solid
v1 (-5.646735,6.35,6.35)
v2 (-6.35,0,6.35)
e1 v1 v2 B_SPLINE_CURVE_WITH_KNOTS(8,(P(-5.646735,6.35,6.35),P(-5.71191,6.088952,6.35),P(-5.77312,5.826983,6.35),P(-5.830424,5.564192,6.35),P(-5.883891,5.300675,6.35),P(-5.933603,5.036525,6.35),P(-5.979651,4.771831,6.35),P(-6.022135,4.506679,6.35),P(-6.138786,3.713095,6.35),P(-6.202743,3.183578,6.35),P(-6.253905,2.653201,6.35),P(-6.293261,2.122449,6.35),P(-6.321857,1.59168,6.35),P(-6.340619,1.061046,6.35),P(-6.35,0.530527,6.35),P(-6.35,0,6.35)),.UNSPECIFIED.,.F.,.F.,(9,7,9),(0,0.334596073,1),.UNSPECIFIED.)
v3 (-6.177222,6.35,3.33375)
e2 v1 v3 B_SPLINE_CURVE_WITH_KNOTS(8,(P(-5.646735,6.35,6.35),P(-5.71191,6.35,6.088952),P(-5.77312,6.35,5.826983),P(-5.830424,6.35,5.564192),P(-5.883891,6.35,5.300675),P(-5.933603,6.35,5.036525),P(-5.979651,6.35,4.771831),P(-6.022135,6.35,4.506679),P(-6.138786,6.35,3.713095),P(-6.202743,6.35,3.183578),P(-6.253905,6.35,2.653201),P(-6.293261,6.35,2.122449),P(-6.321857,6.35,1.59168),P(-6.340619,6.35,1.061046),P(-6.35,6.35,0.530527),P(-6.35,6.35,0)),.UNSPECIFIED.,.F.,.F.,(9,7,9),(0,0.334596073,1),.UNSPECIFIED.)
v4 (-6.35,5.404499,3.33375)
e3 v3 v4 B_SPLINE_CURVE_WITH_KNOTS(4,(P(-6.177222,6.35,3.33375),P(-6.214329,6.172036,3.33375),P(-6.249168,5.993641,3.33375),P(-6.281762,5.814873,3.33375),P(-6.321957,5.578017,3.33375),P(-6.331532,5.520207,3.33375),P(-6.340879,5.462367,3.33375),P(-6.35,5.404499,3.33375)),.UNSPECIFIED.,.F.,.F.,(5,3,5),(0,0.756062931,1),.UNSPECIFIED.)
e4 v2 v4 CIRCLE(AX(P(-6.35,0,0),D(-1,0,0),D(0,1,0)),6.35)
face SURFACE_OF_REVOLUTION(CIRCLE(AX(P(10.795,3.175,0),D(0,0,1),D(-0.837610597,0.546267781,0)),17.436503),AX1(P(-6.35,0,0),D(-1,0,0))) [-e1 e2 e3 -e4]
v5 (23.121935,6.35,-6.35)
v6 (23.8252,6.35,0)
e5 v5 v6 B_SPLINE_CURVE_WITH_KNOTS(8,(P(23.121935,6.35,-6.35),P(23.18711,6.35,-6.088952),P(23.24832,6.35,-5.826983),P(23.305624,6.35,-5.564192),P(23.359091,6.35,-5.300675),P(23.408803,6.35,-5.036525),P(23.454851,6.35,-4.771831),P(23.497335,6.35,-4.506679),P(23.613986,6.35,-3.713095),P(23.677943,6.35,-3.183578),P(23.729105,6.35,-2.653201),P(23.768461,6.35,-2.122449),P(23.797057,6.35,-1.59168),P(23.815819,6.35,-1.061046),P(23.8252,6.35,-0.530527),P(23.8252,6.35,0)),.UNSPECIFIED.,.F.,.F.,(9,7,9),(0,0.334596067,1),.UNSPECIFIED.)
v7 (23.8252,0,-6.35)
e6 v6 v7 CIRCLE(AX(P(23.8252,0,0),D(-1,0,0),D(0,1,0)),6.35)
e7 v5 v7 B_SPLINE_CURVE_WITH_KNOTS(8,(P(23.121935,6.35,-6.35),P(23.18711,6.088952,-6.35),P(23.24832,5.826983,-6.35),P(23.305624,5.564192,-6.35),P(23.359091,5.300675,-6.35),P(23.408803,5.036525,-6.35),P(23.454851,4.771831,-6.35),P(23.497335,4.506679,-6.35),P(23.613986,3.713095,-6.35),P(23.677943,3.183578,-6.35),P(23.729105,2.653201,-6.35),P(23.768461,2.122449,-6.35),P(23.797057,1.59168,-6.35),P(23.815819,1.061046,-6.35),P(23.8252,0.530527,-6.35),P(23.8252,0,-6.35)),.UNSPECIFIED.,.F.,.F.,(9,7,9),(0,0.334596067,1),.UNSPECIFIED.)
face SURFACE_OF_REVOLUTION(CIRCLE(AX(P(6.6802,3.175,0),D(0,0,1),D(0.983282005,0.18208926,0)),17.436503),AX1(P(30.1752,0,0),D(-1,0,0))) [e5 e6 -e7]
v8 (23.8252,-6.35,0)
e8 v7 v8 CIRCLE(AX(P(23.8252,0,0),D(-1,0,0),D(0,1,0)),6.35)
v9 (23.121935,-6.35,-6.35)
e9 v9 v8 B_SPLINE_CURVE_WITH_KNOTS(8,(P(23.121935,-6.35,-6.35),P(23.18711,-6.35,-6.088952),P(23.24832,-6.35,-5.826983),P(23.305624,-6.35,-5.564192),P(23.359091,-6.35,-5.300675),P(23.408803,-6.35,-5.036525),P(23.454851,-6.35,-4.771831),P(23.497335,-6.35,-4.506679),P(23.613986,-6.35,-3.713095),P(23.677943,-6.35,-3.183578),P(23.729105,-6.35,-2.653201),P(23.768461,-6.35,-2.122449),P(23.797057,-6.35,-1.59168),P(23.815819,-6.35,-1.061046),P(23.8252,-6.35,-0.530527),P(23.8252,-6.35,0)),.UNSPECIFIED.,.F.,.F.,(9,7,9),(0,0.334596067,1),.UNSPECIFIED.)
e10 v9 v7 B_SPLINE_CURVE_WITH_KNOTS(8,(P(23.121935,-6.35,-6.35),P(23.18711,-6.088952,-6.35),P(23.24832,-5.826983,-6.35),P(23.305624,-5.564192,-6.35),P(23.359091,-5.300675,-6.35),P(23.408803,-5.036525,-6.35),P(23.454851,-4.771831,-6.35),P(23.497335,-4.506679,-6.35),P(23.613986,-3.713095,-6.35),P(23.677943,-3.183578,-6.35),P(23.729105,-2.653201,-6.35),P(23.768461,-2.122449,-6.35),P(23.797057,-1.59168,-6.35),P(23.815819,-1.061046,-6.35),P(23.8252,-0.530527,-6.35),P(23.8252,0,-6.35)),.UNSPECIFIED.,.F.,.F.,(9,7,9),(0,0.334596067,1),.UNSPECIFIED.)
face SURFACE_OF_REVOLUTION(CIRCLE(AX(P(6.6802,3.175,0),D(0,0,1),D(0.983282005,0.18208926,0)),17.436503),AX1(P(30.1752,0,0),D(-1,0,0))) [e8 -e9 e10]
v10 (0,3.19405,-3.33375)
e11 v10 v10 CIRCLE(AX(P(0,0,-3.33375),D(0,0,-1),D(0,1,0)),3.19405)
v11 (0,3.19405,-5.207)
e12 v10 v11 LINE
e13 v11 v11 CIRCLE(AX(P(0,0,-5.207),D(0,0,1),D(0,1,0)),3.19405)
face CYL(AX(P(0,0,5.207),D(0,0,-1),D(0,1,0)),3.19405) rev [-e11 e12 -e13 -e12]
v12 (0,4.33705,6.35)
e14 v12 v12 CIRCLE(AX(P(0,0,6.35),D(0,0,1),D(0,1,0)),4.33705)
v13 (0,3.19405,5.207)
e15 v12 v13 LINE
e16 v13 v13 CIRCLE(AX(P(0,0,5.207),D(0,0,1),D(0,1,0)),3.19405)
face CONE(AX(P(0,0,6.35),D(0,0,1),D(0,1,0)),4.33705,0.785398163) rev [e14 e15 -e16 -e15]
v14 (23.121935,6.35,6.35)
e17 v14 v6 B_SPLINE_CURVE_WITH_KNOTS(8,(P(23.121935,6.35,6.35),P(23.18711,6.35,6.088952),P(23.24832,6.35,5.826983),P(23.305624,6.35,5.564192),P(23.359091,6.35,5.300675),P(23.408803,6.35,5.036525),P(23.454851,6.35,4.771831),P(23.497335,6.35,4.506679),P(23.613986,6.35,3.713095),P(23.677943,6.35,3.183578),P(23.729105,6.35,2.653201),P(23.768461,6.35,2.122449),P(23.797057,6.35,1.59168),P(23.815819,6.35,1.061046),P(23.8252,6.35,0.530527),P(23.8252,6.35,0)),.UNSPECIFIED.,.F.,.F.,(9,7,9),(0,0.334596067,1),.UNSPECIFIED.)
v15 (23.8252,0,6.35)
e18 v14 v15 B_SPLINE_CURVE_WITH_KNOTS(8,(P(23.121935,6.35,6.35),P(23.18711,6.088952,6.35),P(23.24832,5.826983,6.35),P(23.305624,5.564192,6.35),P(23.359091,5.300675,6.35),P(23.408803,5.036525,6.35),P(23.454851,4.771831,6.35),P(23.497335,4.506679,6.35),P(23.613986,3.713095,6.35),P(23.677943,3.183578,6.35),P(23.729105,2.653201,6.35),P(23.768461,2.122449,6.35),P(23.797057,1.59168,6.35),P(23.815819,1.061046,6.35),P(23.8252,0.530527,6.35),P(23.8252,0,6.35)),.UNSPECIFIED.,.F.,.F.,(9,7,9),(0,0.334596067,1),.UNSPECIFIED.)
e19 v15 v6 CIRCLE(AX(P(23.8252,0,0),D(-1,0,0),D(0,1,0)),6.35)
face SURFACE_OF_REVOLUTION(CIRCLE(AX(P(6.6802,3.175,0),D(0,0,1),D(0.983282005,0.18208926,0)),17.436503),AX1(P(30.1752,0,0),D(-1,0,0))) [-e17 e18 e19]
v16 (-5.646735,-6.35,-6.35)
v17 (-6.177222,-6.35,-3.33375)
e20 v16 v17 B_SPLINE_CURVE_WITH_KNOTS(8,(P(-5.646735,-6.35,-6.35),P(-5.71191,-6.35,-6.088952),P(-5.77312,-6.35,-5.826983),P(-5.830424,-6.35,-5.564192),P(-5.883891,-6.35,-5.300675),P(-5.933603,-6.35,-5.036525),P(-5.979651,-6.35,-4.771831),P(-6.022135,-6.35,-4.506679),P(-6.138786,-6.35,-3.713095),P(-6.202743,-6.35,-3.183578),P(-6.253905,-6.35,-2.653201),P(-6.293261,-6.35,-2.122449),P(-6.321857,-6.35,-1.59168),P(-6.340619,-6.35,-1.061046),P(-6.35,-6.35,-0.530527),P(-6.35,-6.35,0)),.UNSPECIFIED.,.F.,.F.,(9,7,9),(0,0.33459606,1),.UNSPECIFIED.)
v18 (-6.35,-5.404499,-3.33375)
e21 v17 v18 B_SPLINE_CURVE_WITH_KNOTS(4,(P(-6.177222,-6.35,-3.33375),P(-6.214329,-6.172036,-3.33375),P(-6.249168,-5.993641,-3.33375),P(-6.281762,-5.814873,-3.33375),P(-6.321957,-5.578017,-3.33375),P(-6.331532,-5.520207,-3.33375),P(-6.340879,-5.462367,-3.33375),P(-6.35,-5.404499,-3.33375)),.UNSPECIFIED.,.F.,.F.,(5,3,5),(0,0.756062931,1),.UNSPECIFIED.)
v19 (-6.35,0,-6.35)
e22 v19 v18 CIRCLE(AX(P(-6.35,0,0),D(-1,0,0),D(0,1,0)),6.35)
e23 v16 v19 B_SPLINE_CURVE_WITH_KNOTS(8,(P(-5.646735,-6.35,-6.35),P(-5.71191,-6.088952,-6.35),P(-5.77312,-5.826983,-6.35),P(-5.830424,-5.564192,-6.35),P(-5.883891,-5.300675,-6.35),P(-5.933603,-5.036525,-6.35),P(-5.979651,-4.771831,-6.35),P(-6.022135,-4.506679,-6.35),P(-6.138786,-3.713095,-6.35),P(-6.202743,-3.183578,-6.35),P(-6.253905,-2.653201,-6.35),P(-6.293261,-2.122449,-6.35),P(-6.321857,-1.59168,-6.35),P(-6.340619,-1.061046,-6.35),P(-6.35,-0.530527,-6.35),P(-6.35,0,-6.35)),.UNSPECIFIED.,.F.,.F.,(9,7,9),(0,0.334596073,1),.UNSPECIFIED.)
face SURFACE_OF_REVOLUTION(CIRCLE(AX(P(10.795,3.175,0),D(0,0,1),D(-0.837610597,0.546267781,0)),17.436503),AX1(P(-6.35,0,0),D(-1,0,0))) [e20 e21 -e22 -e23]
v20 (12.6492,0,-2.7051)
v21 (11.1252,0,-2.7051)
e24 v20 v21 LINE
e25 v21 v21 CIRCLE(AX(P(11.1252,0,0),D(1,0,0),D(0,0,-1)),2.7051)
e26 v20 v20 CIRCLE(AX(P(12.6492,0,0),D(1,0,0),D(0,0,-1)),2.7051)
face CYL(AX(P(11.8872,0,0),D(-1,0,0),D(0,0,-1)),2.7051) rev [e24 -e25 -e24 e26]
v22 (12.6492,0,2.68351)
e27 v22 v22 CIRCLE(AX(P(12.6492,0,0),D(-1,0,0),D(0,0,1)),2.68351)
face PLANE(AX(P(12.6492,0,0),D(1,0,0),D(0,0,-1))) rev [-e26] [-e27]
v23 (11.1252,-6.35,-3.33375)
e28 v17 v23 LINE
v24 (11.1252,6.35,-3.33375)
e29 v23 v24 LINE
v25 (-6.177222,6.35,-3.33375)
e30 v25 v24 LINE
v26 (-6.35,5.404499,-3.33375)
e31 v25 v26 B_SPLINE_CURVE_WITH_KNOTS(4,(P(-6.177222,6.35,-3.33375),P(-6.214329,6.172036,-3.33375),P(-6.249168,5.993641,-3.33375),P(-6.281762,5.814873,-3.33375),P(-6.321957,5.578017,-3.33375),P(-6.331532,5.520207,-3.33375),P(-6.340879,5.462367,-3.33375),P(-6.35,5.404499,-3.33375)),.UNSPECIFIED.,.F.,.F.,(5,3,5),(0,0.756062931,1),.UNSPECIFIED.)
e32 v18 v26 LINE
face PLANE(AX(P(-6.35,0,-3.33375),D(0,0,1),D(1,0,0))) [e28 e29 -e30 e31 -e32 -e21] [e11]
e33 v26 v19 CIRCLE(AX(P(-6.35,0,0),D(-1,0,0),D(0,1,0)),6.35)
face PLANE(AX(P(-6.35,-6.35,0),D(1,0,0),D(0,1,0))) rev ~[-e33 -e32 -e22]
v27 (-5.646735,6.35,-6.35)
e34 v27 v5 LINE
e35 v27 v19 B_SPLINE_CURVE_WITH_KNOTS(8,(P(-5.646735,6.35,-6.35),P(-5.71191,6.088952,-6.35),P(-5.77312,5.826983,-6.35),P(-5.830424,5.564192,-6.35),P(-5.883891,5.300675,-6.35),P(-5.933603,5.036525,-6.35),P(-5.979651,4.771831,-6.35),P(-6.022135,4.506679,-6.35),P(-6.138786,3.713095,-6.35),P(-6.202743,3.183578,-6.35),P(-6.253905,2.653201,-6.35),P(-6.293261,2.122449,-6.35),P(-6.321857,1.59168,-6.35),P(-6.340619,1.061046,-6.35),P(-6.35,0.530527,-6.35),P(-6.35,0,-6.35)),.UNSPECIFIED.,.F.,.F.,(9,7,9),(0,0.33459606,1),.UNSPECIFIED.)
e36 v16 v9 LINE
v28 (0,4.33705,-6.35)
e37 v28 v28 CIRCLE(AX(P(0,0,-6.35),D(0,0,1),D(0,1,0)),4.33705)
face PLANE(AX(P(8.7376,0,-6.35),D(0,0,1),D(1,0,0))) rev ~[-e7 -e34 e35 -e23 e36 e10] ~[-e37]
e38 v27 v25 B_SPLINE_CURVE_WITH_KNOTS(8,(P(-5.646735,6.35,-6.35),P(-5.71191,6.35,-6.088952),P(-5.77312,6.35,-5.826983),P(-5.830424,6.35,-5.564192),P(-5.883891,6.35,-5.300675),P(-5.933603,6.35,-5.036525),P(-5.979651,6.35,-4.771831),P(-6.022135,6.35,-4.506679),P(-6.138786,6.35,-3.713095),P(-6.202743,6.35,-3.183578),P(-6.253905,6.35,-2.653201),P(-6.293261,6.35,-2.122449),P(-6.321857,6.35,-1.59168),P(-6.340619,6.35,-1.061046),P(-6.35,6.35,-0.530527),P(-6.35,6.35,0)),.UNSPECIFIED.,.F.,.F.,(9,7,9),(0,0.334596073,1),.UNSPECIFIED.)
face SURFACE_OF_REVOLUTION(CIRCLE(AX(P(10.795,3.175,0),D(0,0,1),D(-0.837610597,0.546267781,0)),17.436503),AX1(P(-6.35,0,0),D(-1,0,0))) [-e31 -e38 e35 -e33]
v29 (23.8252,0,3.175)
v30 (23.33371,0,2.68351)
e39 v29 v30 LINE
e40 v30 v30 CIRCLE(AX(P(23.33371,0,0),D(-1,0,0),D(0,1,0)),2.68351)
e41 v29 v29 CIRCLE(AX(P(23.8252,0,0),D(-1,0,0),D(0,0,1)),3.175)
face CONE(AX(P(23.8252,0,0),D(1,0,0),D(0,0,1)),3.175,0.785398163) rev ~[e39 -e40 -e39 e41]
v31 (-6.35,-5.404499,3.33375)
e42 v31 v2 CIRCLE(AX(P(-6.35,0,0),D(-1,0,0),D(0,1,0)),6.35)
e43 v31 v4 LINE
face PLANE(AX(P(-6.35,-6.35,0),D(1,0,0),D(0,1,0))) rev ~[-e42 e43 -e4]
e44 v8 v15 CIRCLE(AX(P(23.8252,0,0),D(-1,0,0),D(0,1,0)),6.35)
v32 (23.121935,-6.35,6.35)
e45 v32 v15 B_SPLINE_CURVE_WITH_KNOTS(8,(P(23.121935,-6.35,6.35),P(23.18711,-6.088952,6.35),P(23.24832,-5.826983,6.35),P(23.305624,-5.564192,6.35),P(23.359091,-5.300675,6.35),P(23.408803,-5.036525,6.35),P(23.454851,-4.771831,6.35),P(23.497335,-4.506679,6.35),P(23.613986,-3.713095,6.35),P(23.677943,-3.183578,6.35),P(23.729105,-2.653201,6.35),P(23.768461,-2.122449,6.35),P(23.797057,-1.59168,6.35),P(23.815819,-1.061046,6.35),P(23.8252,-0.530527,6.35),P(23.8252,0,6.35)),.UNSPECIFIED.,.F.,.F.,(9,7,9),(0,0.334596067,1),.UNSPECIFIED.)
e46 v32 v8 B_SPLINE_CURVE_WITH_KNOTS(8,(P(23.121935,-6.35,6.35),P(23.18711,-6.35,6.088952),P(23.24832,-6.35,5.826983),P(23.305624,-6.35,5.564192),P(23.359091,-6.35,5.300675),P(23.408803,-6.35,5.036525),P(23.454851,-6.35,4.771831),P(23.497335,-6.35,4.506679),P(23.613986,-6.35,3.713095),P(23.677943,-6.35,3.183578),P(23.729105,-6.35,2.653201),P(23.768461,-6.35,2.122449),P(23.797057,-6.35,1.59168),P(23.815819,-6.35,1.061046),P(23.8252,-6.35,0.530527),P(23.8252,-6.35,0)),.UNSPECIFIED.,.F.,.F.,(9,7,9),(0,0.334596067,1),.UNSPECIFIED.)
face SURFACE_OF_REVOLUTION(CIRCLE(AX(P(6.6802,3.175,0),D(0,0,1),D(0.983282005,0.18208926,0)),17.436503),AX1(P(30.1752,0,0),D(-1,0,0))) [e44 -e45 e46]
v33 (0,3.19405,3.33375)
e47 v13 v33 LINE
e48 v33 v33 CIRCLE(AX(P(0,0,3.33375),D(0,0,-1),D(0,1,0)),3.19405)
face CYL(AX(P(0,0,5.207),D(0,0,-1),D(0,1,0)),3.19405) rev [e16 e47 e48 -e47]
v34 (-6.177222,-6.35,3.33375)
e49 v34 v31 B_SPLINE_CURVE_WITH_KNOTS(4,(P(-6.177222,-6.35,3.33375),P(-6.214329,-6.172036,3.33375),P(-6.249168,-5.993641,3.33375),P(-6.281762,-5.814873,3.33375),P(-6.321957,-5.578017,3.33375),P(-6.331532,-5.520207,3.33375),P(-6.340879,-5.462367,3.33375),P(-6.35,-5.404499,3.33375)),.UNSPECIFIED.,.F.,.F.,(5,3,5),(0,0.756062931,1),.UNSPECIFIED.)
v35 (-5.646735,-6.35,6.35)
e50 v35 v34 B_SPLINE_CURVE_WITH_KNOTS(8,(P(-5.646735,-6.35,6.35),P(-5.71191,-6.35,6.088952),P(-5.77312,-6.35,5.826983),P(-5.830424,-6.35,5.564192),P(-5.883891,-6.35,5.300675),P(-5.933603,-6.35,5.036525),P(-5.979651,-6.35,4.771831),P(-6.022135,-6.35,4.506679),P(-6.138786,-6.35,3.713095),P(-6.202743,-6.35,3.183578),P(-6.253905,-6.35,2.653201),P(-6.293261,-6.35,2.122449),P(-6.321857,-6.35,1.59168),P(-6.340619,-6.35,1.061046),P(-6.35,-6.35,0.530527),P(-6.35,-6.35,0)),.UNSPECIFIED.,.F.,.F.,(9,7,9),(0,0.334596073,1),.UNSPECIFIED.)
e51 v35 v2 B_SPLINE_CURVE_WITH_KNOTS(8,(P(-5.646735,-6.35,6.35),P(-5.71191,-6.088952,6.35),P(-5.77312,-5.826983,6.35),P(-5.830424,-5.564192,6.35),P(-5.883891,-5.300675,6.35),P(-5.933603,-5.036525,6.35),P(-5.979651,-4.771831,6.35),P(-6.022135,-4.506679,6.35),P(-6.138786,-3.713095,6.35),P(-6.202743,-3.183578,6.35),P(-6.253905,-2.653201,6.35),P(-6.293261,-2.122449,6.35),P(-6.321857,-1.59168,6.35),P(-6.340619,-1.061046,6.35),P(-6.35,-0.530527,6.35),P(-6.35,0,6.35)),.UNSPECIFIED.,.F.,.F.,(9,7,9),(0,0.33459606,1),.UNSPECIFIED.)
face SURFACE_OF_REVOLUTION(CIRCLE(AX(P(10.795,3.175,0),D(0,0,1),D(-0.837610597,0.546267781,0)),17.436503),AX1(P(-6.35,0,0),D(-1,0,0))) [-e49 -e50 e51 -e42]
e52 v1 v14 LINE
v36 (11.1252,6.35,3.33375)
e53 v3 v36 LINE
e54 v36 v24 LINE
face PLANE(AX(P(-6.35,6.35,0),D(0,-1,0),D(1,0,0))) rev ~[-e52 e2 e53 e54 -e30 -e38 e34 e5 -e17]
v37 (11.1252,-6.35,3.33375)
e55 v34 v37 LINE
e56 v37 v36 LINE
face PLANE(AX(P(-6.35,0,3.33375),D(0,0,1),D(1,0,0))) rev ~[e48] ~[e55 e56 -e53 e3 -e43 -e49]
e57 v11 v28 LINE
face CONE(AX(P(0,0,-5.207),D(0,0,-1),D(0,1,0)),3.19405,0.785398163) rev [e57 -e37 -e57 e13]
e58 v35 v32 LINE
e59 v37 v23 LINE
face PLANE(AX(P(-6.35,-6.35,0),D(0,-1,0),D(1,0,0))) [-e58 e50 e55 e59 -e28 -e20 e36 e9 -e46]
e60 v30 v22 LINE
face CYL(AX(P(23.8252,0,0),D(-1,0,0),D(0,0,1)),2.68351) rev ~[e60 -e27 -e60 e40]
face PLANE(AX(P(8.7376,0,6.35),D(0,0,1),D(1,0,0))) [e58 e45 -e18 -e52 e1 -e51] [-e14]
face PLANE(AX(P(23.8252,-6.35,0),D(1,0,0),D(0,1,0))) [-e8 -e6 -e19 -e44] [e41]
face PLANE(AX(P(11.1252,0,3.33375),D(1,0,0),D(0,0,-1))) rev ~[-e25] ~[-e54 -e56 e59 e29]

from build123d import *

# Parameters (mm, degrees)
BOSS_EXTRUDE1_DEPTH      = 6.35
BOSS_EXTRUDE1_DEPTH_BACK = 6.35
SKETCH1_W                = 30.1752
SKETCH1_H                = 12.7
CUT_EXTRUDE1_DEPTH       = 6.35
CUT_EXTRUDE1_DEPTH_BACK  = 6.35
SKETCH2_W                = 17.4752
SKETCH2_H                = 6.6675
HOLE1_D                  = 5.36702
HOLE1_DEPTH              = 11.176
HOLE1_CSINK_D            = 6.35
HOLE1_CSINK_ANGLE        = 90
SKETCH5_W                = 2.7051
SKETCH5_H                = 1.524


with BuildPart() as part:
    # Sketch1 → Boss-Extrude1 (new, two sides: drawn at the far end of the back side and taken through both)
    with BuildSketch(Plane.XY.offset(-BOSS_EXTRUDE1_DEPTH_BACK)):
        with Locations((8.7376, 0)):
            Rectangle(SKETCH1_W, SKETCH1_H)
    extrude(amount=BOSS_EXTRUDE1_DEPTH + BOSS_EXTRUDE1_DEPTH_BACK)

    # Sketch2 → Cut-Extrude1 (cut, two sides: drawn at the far end of the back side and taken through both)
    with BuildSketch(Plane(origin=(0, 0, 0), x_dir=(1, 0, 0), z_dir=(0, 1, 0)).offset(-CUT_EXTRUDE1_DEPTH_BACK)):
        with Locations((2.3876, 0)):
            Rectangle(SKETCH2_W, SKETCH2_H)
    extrude(amount=CUT_EXTRUDE1_DEPTH + CUT_EXTRUDE1_DEPTH_BACK, mode=Mode.SUBTRACT)

    # Hole1
    with Locations(Plane(origin=(23.8252, 0, 0), x_dir=(0, 0, -1), z_dir=(1, 0, 0))):
        with Locations((0, 0)):
            CounterSinkHole(HOLE1_D / 2, HOLE1_CSINK_D / 2, depth=HOLE1_DEPTH, counter_sink_angle=HOLE1_CSINK_ANGLE)

    # Sketch5 → Hole2 (revolve, cut)
    with BuildSketch(Plane(origin=(12.6492, 0, 0), x_dir=(0, 0, -1), z_dir=(0, 1, 0))):
        with Locations((1.35255, 0.762)):
            Rectangle(SKETCH5_W, SKETCH5_H)
    revolve(axis=Axis((-97.3508, 0, 0), (1, 0, 0)), mode=Mode.SUBTRACT)

    # Sketch7 → Cut-Revolve1 (revolve, cut)
    with BuildSketch(Plane(origin=(0, 0, 0), x_dir=(0, 0, -1), z_dir=(1, 0, 0))):
        Polygon((-6.35, 0), (-6.35, 4.33705), (-5.207, 3.19405), (5.207, 3.19405), (6.35, 4.33705), (6.35, 0), align=None)
    revolve(axis=Axis((0, 0, -6.35), (0, 0, 1)), mode=Mode.SUBTRACT)

    # Sketch8 → Cut-Revolve2 (revolve, cut)
    with BuildSketch(Plane.XY):
        with BuildLine():
            Line((23.8252, 0), (23.8252, 6.35))
            ThreePointArc((23.8252, 6.35), (22.869586956, 9.650754782), (21.2852, 12.7))
            Line((21.2852, 12.7), (30.1752, 12.7))
            Line((30.1752, 12.7), (30.1752, 0))
            Line((30.1752, 0), (23.8252, 0))
        make_face()
    revolve(axis=Axis((30.1752, 0, 0), (-1, 0, 0)), mode=Mode.SUBTRACT)

    # Sketch9 → Cut-Revolve3 (revolve, cut)
    with BuildSketch(Plane.XY):
        with BuildLine():
            Line((-12.7, 0), (-12.7, 12.7))
            Line((-12.7, 12.7), (-3.81, 12.7))
            ThreePointArc((-3.81, 12.7), (-5.394386956, 9.650754782), (-6.35, 6.35))
            Line((-6.35, 6.35), (-6.35, 0))
            Line((-6.35, 0), (-12.7, 0))
        make_face()
    revolve(axis=Axis((-6.35, 0, 0), (-1, 0, 0)), mode=Mode.SUBTRACT)


solid = part.part
